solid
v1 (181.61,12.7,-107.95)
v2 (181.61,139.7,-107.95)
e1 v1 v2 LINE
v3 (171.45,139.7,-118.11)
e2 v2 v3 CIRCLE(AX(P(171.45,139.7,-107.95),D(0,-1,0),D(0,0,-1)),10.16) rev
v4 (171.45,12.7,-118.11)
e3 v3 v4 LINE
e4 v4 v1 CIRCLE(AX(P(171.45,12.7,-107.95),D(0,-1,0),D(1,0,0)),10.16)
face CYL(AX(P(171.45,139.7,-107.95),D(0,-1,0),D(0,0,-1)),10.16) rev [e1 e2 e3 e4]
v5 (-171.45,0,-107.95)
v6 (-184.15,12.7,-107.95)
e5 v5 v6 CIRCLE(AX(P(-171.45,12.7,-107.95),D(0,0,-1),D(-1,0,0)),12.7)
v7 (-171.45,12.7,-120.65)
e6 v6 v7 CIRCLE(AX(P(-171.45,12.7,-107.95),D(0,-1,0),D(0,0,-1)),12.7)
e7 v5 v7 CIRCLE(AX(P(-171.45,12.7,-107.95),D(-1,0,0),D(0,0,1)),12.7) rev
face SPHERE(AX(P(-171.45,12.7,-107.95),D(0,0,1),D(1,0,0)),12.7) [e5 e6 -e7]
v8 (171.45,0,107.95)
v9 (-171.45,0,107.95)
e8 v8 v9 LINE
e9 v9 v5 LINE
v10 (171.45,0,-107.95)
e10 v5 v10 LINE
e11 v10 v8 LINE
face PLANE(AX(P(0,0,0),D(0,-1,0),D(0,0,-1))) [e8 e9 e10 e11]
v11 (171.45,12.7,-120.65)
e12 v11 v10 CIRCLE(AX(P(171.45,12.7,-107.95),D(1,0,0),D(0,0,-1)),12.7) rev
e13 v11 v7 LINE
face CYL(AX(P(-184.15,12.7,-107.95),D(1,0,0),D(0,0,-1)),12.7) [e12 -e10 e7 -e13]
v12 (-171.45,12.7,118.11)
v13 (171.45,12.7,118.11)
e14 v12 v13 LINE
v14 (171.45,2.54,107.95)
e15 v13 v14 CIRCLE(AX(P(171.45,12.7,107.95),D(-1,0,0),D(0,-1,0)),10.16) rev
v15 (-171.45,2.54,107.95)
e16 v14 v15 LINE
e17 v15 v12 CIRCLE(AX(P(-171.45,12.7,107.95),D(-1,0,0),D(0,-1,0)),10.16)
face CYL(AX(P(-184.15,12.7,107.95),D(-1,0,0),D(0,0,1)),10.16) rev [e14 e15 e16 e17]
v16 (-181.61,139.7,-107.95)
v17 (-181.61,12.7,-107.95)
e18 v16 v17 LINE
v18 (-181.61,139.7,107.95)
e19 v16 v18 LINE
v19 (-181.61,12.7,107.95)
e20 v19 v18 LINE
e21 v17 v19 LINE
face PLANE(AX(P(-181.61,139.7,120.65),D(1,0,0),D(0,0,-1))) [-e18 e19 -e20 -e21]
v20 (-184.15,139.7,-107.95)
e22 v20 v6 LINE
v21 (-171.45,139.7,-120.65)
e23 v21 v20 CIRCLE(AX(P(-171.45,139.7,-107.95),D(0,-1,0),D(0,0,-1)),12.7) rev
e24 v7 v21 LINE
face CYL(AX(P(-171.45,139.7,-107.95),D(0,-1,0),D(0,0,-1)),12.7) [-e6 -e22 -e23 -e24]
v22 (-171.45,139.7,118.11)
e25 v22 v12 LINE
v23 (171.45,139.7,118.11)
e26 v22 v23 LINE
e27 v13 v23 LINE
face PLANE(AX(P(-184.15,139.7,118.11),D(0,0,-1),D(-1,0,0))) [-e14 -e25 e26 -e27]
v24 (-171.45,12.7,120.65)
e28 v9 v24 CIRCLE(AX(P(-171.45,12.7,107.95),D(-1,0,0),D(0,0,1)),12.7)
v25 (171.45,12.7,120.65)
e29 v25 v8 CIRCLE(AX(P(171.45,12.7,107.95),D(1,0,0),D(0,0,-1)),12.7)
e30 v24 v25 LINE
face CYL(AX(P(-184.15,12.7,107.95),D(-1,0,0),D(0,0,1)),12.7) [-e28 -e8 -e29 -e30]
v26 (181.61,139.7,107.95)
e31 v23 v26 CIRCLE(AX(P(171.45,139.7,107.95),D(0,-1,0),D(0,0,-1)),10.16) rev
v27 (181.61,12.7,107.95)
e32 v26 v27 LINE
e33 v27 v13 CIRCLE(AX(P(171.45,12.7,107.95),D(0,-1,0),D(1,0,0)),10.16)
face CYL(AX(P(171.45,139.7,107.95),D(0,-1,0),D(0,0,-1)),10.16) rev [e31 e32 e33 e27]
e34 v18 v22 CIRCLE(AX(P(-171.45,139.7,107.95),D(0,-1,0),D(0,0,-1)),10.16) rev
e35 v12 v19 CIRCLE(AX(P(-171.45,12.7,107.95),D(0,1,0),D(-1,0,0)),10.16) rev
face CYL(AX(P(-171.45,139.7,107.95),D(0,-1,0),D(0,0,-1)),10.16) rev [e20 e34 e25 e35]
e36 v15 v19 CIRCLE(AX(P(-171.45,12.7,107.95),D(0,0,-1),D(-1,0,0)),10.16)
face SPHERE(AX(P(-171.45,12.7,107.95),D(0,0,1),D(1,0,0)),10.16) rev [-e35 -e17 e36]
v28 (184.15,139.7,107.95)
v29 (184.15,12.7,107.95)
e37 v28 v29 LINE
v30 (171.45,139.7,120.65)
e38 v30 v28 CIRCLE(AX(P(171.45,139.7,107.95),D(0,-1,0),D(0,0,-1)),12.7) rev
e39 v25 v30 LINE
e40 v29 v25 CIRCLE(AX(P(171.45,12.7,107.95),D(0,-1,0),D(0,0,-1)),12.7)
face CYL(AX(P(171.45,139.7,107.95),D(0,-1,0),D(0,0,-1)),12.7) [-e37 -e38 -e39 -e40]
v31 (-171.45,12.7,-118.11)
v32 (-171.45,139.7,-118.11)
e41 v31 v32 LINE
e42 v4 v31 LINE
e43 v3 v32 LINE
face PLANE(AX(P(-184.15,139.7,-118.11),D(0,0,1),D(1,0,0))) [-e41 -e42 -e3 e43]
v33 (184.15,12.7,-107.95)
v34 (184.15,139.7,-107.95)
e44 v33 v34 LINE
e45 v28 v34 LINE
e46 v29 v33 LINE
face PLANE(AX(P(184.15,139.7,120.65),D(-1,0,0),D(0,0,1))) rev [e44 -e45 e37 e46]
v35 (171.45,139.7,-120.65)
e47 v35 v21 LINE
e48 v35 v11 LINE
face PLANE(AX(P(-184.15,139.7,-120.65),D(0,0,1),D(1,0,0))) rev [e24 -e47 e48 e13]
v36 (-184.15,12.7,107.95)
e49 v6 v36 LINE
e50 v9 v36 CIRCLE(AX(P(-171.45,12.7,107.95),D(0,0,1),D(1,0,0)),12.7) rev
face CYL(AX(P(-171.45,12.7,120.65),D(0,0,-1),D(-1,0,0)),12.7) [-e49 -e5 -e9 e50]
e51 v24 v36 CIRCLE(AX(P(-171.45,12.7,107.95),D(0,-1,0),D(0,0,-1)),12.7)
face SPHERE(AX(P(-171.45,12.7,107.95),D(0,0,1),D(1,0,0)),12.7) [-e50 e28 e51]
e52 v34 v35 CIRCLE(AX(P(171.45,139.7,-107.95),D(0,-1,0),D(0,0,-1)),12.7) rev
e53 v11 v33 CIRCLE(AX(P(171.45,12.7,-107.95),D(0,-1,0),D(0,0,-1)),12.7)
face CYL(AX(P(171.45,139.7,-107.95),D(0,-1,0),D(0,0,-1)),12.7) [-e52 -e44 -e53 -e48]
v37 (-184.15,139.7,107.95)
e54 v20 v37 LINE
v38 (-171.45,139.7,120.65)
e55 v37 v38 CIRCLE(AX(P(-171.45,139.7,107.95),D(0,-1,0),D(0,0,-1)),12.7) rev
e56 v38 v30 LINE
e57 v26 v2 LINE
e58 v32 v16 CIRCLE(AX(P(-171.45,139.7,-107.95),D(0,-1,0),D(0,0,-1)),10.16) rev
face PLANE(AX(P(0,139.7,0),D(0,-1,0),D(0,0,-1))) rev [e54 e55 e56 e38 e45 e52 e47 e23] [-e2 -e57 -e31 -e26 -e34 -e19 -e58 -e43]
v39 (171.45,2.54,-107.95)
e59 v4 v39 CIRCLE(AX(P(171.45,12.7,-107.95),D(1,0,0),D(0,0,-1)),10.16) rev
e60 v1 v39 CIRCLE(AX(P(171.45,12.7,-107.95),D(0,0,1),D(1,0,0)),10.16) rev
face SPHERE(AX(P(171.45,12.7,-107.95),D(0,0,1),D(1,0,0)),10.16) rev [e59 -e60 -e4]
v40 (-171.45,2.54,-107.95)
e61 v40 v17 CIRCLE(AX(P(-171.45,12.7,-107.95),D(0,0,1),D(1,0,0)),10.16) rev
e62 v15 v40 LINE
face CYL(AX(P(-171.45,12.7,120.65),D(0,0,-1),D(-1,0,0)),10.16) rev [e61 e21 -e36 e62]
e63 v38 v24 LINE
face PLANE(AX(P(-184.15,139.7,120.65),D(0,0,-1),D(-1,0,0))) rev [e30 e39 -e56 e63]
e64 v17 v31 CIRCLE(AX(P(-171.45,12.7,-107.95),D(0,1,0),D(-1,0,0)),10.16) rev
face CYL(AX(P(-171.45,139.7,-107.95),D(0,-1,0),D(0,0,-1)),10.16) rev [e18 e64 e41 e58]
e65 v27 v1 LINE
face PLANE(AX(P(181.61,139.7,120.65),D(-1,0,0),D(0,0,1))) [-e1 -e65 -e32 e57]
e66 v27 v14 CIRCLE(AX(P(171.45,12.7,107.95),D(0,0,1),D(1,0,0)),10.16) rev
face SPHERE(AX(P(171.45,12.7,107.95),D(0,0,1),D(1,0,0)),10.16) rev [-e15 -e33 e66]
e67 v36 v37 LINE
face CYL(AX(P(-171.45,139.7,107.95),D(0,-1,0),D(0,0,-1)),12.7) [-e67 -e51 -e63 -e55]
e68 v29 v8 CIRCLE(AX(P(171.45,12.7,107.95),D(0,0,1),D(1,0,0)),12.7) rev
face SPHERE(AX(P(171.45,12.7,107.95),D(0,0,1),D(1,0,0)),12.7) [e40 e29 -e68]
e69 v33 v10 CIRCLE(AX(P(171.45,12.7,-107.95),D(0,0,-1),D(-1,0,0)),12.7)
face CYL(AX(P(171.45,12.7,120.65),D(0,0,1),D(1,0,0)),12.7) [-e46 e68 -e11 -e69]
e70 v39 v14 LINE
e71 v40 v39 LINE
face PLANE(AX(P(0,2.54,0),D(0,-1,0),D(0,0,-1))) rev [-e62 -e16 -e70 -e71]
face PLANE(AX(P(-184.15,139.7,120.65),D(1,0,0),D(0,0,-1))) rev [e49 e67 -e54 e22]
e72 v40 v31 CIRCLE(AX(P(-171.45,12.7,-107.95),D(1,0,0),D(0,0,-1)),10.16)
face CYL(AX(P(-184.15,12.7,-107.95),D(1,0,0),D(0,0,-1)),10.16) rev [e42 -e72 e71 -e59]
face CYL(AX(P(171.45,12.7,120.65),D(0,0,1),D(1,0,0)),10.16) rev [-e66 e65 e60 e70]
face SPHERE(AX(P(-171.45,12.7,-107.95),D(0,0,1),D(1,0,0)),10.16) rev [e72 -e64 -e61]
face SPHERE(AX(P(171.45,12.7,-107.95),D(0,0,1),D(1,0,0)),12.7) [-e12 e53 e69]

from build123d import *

# Parameters (mm, degrees)
SKETCH1_W           = 368.3
SKETCH1_H           = 241.3
BOSS_EXTRUDE1_DEPTH = 139.7
FILLET1_R           = 12.7
SHELL1_T            = -2.54


with BuildPart() as part:
    # Sketch1 → Boss-Extrude1 (new body)
    with BuildSketch(Plane(origin=(0, 0, 0), x_dir=(1, 0, 0), z_dir=(0, 1, 0))):
        Rectangle(SKETCH1_W, SKETCH1_H)
    extrude(amount=BOSS_EXTRUDE1_DEPTH)

    # Fillet1
    fillet1_edges = [part.edges().sort_by_distance(p)[0] for p in [
        (0, 0, 120.65),
        (-184.15, 0, 0),
        (0, 0, -120.65),
        (184.15, 0, 0),
        (184.15, 69.85, 120.65),
        (-184.15, 69.85, 120.65),
        (-184.15, 69.85, -120.65),
        (184.15, 69.85, -120.65),
    ]]
    fillet(fillet1_edges, radius=FILLET1_R)

    # Shell1
    shell1_openings = [part.faces().sort_by_distance(p)[0] for p in [
        (0, 139.7, 0),
    ]]
    offset(amount=SHELL1_T, openings=shell1_openings, kind=Kind.INTERSECTION)


solid = part.part
